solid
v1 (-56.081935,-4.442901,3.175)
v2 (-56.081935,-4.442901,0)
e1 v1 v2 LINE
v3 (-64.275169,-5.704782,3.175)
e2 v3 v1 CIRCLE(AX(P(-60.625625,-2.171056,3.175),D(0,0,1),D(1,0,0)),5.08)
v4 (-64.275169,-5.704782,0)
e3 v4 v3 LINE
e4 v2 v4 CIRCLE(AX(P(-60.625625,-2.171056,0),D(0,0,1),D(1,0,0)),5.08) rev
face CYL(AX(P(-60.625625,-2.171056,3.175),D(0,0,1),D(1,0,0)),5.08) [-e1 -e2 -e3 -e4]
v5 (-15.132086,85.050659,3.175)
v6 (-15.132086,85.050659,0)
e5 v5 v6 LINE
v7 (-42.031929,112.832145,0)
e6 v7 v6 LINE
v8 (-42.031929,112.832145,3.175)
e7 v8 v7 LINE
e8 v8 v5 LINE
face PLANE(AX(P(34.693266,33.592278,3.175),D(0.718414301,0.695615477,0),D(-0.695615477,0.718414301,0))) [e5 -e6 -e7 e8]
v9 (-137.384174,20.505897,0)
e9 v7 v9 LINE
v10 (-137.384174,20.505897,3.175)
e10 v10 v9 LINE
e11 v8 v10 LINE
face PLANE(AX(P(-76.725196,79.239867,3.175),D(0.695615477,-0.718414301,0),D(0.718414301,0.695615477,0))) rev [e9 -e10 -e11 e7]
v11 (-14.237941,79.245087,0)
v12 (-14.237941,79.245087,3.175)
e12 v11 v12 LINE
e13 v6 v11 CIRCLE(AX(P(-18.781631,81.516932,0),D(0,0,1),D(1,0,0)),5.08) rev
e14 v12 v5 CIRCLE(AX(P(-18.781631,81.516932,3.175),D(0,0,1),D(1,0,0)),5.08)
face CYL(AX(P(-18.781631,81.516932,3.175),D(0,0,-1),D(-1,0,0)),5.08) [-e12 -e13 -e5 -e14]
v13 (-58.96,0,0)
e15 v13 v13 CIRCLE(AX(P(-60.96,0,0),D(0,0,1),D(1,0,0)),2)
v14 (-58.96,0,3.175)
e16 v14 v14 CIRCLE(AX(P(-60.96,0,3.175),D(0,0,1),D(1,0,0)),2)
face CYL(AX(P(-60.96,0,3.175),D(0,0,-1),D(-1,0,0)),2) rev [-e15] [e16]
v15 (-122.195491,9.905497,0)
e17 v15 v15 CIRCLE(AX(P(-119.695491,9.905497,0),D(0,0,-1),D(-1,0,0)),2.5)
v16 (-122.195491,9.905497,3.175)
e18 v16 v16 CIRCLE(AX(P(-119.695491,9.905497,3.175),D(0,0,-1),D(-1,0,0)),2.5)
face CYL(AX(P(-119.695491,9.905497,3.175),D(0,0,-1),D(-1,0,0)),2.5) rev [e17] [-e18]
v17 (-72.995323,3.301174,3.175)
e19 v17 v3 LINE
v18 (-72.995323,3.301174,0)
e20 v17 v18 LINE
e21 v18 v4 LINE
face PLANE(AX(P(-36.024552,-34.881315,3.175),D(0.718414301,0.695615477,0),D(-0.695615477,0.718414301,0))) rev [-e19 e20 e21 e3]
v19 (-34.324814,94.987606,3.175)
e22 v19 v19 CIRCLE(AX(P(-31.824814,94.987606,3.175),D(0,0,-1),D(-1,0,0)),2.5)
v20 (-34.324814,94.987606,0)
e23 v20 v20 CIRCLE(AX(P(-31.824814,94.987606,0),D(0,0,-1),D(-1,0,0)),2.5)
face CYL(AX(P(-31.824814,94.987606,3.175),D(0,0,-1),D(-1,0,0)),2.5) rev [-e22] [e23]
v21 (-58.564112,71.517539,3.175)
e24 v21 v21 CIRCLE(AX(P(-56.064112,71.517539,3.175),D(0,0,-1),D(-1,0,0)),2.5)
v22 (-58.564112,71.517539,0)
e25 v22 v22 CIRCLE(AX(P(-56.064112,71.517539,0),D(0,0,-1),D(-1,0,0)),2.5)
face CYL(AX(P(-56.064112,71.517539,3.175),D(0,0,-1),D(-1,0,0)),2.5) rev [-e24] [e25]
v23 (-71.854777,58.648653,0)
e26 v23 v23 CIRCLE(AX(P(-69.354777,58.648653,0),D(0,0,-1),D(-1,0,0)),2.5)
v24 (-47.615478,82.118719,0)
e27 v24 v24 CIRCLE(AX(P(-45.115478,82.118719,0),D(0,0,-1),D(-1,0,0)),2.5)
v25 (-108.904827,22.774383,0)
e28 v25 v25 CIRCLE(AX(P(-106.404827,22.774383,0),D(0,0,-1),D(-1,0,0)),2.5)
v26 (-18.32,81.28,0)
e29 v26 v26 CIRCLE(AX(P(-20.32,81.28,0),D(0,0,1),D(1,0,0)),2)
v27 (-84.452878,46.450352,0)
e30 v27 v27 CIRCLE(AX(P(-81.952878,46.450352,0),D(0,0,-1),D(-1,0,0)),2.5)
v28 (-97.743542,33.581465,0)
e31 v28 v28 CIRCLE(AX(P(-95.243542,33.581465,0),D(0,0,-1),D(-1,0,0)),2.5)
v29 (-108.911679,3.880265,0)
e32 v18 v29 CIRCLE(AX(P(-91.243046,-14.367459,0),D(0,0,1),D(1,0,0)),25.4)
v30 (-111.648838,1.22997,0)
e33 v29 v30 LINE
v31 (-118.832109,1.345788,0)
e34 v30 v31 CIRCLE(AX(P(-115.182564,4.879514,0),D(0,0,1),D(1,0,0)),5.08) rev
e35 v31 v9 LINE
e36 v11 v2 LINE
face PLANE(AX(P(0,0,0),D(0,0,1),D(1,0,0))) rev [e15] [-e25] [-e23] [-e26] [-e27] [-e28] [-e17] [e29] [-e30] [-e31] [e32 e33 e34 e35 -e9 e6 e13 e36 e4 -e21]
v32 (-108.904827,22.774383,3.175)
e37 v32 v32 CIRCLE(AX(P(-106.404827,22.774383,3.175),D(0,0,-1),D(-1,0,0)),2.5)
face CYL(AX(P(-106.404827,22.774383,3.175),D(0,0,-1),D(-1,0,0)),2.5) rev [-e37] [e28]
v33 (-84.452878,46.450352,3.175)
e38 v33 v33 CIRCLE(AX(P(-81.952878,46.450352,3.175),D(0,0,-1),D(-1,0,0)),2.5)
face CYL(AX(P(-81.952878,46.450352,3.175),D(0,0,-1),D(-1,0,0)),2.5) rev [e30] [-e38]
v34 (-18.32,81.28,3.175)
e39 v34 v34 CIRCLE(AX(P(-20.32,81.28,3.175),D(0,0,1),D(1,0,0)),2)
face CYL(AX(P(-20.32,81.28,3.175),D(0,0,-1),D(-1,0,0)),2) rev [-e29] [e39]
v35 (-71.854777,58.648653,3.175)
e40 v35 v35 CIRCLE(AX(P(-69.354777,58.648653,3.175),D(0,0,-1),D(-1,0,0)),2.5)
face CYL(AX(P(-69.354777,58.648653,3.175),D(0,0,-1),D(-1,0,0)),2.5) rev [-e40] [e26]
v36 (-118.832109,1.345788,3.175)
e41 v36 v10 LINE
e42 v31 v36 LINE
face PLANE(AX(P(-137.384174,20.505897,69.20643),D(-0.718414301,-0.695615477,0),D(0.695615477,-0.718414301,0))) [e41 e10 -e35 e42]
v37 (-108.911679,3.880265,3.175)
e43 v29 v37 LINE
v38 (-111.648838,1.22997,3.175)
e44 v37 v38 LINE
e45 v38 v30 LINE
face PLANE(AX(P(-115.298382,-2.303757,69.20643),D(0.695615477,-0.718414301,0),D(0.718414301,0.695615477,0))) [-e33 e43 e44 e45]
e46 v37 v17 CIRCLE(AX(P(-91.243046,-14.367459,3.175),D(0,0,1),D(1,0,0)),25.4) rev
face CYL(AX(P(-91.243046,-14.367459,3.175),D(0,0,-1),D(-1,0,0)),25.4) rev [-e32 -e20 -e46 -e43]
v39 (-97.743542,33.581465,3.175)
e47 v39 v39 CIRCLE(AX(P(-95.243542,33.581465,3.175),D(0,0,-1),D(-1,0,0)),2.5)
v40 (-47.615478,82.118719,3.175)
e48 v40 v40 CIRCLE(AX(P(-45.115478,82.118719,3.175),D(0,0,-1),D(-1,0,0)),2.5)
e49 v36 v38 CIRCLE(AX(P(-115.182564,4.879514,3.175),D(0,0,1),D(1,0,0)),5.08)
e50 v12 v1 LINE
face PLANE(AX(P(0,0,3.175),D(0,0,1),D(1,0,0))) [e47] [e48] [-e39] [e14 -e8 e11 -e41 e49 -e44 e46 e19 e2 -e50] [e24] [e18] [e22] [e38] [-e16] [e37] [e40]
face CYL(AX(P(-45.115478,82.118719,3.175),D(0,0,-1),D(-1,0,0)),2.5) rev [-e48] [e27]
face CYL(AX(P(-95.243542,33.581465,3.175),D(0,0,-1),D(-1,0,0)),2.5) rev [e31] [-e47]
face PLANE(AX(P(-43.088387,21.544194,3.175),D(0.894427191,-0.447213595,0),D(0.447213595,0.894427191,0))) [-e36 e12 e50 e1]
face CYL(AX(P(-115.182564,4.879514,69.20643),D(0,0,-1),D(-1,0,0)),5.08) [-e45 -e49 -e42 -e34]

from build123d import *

# Parameters (mm, degrees)
SKETCH1_R           = 2
BOSS_EXTRUDE3_DEPTH = 3.175
SKETCH2_R           = 2.5
CUT_EXTRUDE1_DEPTH  = 4.175
BOSS_EXTRUDE4_DEPTH = 3.175
SKETCH4_R           = 2.5
CUT_EXTRUDE2_DEPTH  = 4.175
FILLET2_R           = 5.08
FILLET3_R           = 25.4
FILLET4_R           = 5.08


with BuildPart() as part:
    # Sketch1 → Boss-Extrude3 (new body)
    with BuildSketch(Plane.XY):
        Polygon((-12.628154113, 82.464660116), (-59.28812357, -10.855278797), (-112.74974727, 44.358551699), (-42.031929204, 112.83214508), (-23.460387201, 93.651920065), align=None)
        with Locations((-20.32, 81.28)):
            Circle(SKETCH1_R, mode=Mode.SUBTRACT)
        with Locations((-60.96, 0)):
            Circle(SKETCH1_R, mode=Mode.SUBTRACT)
    extrude(amount=BOSS_EXTRUDE3_DEPTH)

    # Sketch2 → Cut-Extrude1 (cut, through all)
    with BuildSketch(Plane(origin=(0, 0, 0), x_dir=(-1, 0, 0), z_dir=(0, 0, -1))):
        with Locations((95.243542319, 33.581465441)):
            Circle(SKETCH2_R)
        with Locations((31.824813554, 94.987605576)):
            Circle(SKETCH2_R)
        with Locations((81.952877746, 46.450351765)):
            Circle(SKETCH2_R)
        with Locations((45.115478127, 82.118719252)):
            Circle(SKETCH2_R)
        with Locations((56.064112078, 71.517539384)):
            Circle(SKETCH2_R)
        with Locations((69.354776651, 58.64865306)):
            Circle(SKETCH2_R)
    extrude(amount=-CUT_EXTRUDE1_DEPTH, mode=Mode.SUBTRACT)

    # Sketch3 → Boss-Extrude4 (add)
    with BuildSketch(Plane(origin=(0, 0, 0), x_dir=(-1, 0, 0), z_dir=(0, 0, -1))):
        Polygon((112.74974727, 44.358551699), (137.38417366, 20.505896995), (115.298382267, -2.30375707), (90.663955877, 21.548897635), align=None)
    extrude(amount=-BOSS_EXTRUDE4_DEPTH)

    # Sketch4 → Cut-Extrude2 (cut, through all)
    with BuildSketch(Plane(origin=(0, 0, 0), x_dir=(-1, 0, 0), z_dir=(0, 0, -1))):
        with Locations((106.404826903, 22.774383392)):
            Circle(SKETCH4_R)
        with Locations((119.695491476, 9.905497068)):
            Circle(SKETCH4_R)
    extrude(amount=-CUT_EXTRUDE2_DEPTH, mode=Mode.SUBTRACT)

    # Fillet2
    fillet2_edges = [part.edges().sort_by_distance(p)[0] for p in [
        (-59.28812357, -10.855278797, 1.5875),
        (-12.628154113, 82.464660116, 1.5875),
    ]]
    fillet(fillet2_edges, radius=FILLET2_R)

    # Fillet3
    fillet3_edges = [part.edges().sort_by_distance(p)[0] for p in [
        (-90.663955877, 21.548897635, 1.5875),
    ]]
    fillet(fillet3_edges, radius=FILLET3_R)

    # Fillet4
    fillet4_edges = [part.edges().sort_by_distance(p)[0] for p in [
        (-115.298382267, -2.30375707, 1.5875),
    ]]
    fillet(fillet4_edges, radius=FILLET4_R)


solid = part.part
